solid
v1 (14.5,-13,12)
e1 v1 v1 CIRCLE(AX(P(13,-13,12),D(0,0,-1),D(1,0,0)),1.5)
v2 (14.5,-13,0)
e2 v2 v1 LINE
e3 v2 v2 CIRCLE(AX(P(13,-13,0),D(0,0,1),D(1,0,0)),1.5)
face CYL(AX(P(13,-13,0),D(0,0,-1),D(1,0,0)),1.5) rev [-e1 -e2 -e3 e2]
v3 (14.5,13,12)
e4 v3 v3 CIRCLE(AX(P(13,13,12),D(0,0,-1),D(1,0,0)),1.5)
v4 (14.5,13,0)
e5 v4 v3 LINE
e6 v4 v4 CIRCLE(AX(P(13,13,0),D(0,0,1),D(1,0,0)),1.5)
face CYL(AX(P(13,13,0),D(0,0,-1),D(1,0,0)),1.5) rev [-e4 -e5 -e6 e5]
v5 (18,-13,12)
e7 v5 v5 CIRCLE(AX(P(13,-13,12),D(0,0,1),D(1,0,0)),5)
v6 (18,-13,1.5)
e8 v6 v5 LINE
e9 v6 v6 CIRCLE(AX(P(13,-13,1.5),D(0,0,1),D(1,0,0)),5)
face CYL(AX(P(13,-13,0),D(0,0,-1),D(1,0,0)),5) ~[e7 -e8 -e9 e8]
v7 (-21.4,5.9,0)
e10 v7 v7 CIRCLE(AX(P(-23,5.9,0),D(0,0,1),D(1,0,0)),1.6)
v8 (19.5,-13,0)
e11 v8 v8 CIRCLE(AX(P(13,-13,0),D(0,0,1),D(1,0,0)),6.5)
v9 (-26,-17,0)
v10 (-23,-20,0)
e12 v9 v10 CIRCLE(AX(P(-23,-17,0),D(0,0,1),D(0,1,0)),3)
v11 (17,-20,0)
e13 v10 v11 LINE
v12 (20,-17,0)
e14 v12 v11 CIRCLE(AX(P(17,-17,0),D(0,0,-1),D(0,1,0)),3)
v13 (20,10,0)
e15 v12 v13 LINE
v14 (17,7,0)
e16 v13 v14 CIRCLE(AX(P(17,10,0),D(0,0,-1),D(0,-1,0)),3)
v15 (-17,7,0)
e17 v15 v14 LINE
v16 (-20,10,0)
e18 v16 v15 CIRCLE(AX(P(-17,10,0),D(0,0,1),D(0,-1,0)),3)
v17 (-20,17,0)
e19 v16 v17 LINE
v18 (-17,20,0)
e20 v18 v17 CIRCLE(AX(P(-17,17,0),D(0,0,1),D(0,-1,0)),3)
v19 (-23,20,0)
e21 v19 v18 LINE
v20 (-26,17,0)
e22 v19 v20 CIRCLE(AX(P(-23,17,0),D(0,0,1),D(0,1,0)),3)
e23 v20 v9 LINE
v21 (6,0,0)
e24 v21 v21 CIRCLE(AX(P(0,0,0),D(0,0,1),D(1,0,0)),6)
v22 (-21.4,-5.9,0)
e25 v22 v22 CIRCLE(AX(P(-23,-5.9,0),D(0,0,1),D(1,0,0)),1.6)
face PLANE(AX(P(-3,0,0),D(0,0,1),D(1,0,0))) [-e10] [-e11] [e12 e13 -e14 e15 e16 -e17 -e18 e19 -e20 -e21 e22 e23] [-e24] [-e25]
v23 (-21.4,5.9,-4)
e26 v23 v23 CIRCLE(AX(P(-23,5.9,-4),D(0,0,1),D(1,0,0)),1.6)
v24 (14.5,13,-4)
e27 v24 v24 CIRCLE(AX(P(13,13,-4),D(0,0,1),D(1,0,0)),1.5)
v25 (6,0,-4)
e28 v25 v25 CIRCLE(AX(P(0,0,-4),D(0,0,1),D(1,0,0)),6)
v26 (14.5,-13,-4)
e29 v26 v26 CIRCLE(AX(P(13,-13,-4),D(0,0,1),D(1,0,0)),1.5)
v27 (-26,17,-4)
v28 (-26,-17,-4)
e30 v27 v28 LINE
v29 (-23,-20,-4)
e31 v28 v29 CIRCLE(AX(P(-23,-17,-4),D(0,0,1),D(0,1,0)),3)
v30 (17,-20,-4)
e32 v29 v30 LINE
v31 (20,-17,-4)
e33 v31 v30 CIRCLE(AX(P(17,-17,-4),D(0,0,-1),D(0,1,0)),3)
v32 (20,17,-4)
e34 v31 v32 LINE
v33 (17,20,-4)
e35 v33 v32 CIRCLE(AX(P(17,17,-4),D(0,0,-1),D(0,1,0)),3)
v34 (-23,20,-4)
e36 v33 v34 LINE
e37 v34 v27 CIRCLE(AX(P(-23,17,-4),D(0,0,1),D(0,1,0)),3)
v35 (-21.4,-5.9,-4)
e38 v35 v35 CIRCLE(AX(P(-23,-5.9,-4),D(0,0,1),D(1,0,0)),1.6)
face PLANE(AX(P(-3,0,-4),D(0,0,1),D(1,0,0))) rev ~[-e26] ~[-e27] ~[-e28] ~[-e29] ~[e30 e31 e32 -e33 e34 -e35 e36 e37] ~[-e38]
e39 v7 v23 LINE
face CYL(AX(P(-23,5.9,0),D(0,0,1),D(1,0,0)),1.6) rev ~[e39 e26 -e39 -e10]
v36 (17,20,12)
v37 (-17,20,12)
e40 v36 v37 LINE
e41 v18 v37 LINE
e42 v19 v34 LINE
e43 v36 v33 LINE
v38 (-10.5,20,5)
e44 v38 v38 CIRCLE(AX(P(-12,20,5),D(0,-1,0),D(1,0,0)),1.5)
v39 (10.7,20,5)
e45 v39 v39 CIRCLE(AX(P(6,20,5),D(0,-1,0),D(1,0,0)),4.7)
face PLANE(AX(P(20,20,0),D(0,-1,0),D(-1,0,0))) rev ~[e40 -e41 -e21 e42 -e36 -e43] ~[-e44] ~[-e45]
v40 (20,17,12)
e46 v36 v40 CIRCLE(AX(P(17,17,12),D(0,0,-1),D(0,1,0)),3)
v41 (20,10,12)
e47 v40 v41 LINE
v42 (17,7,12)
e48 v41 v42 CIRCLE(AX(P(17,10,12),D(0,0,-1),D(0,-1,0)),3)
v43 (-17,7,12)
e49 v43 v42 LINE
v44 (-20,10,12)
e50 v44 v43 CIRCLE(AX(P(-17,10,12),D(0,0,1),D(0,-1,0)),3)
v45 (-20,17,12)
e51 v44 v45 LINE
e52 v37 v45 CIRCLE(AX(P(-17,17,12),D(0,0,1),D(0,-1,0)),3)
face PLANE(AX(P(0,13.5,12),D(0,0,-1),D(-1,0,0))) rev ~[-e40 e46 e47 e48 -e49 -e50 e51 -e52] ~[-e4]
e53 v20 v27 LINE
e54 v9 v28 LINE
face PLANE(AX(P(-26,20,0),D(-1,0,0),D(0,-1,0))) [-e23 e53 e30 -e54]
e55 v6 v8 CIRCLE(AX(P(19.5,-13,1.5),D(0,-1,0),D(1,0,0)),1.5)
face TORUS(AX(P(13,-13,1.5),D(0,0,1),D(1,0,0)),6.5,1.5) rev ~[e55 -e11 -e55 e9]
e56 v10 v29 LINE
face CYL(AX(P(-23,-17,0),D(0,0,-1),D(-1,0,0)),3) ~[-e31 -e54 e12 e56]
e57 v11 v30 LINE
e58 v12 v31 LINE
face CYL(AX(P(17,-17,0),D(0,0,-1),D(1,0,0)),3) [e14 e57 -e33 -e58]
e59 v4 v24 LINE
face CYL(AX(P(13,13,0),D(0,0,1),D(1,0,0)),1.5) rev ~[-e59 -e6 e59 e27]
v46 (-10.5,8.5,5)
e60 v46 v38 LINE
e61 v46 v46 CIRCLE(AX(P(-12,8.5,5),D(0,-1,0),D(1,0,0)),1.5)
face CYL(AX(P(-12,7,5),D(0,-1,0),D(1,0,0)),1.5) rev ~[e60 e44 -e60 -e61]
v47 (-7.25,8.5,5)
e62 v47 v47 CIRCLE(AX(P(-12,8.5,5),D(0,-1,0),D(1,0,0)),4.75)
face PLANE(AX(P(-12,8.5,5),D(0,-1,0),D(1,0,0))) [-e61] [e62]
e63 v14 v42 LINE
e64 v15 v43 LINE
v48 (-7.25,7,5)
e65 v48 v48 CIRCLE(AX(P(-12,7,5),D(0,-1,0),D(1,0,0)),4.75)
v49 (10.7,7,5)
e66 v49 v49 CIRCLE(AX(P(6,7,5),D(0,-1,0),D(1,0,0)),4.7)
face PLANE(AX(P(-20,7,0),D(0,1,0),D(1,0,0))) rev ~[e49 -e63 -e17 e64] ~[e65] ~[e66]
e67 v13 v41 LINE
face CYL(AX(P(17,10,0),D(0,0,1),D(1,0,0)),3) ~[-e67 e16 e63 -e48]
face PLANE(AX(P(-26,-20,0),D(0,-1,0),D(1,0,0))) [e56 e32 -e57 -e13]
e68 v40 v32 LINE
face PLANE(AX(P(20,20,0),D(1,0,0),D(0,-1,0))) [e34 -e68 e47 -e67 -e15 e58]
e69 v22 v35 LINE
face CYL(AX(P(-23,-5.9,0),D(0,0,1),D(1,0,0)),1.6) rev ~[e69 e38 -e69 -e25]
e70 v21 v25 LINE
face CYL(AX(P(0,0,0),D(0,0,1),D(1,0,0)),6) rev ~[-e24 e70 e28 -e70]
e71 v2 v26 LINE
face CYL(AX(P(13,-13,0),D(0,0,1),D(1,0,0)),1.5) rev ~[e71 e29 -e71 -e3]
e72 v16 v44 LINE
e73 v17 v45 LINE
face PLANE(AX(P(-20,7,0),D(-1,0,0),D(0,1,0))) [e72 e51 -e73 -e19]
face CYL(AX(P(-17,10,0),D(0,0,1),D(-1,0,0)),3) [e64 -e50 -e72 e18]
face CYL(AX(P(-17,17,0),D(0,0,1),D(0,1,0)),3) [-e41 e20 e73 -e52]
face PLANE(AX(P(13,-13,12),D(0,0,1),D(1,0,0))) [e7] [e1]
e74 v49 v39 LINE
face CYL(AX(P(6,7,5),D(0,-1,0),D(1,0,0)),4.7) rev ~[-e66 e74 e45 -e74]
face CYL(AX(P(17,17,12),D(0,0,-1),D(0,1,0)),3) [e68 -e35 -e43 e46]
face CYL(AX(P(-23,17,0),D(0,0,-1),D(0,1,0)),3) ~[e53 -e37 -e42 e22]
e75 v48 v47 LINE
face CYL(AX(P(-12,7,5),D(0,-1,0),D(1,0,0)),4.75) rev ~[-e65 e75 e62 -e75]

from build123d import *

# Parameters (mm, degrees)
SKETCH_R             = 1.6
SKETCH_R_2           = 6
PAD_DEPTH            = 4
SKETCH001_R          = 5
PAD001_DEPTH         = 12
SKETCH002_R          = 4.7
POCKET_DEPTH         = 13.001
SKETCH003_R          = 4.75
POCKET001_DEPTH      = 1.5
SKETCH004_R          = 1.5
POCKET002_DEPTH      = 13.001
SKETCH005_R          = 1.5
POCKET003_DEPTH      = 4.001
POCKET003_DEPTH_BACK = -12.001
FILLET_R             = 3
FILLET001_R          = 1.5


with BuildPart() as part:
    # Sketch → Pad (new body)
    with BuildSketch(Plane.XY):
        Polygon((0, 20), (-26, 20), (-26, 0), (-26, -20), (0, -20), (20, -20), (20, 0), (20, 20), align=None)
        with Locations((-23, 5.9)):
            Circle(SKETCH_R, mode=Mode.SUBTRACT)
        with Locations((-23, -5.9)):
            Circle(SKETCH_R, mode=Mode.SUBTRACT)
        Circle(SKETCH_R_2, mode=Mode.SUBTRACT)
    extrude(amount=-PAD_DEPTH)

    # Sketch001 → Pad001 (join)
    with BuildSketch(Plane.XY):
        with Locations((13, -13)):
            Circle(SKETCH001_R)
        Polygon((0, 20), (20, 20), (20, 7), (0, 7), (-20, 7), (-20, 20), align=None)
    extrude(amount=PAD001_DEPTH)

    # Sketch002 (on DatumPlane) → Pocket (cut, through all)
    with BuildSketch(Plane.XZ.offset(-7)):
        with Locations((6, 5)):
            Circle(SKETCH002_R)
    extrude(amount=-POCKET_DEPTH, mode=Mode.SUBTRACT)

    # Sketch003 (on DatumPlane) → Pocket001 (cut)
    with BuildSketch(Plane.XZ.offset(-7)):
        with Locations((-12, 5)):
            Circle(SKETCH003_R)
    extrude(amount=-POCKET001_DEPTH, mode=Mode.SUBTRACT)

    # Sketch004 (on DatumPlane) → Pocket002 (cut, through all)
    with BuildSketch(Plane.XZ.offset(-7)):
        with Locations((-12, 5)):
            Circle(SKETCH004_R)
    extrude(amount=-POCKET002_DEPTH, mode=Mode.SUBTRACT)

    # Sketch005 → Pocket003 (cut, two sides)
    with BuildSketch(Plane.XY) as pocket003_sk:
        with Locations((13, -13)):
            Circle(SKETCH005_R)
        with Locations((13, 13)):
            Circle(SKETCH005_R)
    extrude(amount=-POCKET003_DEPTH, mode=Mode.SUBTRACT)
    extrude(pocket003_sk.sketch, amount=-POCKET003_DEPTH_BACK, mode=Mode.SUBTRACT)

    # Fillet
    fillet_edges = [part.edges().sort_by_distance(p)[0] for p in [
        (-26, -20, -2),
        (20, -20, -2),
        (20, 20, -2),
        (-26, 20, -2),
        (20, 7, 6),
        (-20, 7, 6),
        (-20, 20, 6),
    ]]
    fillet(fillet_edges, radius=FILLET_R)

    # Fillet001
    fillet001_edges = [part.edges().sort_by_distance(p)[0] for p in [
        (8, -13, 0),
    ]]
    fillet(fillet001_edges, radius=FILLET001_R)


solid = part.part
